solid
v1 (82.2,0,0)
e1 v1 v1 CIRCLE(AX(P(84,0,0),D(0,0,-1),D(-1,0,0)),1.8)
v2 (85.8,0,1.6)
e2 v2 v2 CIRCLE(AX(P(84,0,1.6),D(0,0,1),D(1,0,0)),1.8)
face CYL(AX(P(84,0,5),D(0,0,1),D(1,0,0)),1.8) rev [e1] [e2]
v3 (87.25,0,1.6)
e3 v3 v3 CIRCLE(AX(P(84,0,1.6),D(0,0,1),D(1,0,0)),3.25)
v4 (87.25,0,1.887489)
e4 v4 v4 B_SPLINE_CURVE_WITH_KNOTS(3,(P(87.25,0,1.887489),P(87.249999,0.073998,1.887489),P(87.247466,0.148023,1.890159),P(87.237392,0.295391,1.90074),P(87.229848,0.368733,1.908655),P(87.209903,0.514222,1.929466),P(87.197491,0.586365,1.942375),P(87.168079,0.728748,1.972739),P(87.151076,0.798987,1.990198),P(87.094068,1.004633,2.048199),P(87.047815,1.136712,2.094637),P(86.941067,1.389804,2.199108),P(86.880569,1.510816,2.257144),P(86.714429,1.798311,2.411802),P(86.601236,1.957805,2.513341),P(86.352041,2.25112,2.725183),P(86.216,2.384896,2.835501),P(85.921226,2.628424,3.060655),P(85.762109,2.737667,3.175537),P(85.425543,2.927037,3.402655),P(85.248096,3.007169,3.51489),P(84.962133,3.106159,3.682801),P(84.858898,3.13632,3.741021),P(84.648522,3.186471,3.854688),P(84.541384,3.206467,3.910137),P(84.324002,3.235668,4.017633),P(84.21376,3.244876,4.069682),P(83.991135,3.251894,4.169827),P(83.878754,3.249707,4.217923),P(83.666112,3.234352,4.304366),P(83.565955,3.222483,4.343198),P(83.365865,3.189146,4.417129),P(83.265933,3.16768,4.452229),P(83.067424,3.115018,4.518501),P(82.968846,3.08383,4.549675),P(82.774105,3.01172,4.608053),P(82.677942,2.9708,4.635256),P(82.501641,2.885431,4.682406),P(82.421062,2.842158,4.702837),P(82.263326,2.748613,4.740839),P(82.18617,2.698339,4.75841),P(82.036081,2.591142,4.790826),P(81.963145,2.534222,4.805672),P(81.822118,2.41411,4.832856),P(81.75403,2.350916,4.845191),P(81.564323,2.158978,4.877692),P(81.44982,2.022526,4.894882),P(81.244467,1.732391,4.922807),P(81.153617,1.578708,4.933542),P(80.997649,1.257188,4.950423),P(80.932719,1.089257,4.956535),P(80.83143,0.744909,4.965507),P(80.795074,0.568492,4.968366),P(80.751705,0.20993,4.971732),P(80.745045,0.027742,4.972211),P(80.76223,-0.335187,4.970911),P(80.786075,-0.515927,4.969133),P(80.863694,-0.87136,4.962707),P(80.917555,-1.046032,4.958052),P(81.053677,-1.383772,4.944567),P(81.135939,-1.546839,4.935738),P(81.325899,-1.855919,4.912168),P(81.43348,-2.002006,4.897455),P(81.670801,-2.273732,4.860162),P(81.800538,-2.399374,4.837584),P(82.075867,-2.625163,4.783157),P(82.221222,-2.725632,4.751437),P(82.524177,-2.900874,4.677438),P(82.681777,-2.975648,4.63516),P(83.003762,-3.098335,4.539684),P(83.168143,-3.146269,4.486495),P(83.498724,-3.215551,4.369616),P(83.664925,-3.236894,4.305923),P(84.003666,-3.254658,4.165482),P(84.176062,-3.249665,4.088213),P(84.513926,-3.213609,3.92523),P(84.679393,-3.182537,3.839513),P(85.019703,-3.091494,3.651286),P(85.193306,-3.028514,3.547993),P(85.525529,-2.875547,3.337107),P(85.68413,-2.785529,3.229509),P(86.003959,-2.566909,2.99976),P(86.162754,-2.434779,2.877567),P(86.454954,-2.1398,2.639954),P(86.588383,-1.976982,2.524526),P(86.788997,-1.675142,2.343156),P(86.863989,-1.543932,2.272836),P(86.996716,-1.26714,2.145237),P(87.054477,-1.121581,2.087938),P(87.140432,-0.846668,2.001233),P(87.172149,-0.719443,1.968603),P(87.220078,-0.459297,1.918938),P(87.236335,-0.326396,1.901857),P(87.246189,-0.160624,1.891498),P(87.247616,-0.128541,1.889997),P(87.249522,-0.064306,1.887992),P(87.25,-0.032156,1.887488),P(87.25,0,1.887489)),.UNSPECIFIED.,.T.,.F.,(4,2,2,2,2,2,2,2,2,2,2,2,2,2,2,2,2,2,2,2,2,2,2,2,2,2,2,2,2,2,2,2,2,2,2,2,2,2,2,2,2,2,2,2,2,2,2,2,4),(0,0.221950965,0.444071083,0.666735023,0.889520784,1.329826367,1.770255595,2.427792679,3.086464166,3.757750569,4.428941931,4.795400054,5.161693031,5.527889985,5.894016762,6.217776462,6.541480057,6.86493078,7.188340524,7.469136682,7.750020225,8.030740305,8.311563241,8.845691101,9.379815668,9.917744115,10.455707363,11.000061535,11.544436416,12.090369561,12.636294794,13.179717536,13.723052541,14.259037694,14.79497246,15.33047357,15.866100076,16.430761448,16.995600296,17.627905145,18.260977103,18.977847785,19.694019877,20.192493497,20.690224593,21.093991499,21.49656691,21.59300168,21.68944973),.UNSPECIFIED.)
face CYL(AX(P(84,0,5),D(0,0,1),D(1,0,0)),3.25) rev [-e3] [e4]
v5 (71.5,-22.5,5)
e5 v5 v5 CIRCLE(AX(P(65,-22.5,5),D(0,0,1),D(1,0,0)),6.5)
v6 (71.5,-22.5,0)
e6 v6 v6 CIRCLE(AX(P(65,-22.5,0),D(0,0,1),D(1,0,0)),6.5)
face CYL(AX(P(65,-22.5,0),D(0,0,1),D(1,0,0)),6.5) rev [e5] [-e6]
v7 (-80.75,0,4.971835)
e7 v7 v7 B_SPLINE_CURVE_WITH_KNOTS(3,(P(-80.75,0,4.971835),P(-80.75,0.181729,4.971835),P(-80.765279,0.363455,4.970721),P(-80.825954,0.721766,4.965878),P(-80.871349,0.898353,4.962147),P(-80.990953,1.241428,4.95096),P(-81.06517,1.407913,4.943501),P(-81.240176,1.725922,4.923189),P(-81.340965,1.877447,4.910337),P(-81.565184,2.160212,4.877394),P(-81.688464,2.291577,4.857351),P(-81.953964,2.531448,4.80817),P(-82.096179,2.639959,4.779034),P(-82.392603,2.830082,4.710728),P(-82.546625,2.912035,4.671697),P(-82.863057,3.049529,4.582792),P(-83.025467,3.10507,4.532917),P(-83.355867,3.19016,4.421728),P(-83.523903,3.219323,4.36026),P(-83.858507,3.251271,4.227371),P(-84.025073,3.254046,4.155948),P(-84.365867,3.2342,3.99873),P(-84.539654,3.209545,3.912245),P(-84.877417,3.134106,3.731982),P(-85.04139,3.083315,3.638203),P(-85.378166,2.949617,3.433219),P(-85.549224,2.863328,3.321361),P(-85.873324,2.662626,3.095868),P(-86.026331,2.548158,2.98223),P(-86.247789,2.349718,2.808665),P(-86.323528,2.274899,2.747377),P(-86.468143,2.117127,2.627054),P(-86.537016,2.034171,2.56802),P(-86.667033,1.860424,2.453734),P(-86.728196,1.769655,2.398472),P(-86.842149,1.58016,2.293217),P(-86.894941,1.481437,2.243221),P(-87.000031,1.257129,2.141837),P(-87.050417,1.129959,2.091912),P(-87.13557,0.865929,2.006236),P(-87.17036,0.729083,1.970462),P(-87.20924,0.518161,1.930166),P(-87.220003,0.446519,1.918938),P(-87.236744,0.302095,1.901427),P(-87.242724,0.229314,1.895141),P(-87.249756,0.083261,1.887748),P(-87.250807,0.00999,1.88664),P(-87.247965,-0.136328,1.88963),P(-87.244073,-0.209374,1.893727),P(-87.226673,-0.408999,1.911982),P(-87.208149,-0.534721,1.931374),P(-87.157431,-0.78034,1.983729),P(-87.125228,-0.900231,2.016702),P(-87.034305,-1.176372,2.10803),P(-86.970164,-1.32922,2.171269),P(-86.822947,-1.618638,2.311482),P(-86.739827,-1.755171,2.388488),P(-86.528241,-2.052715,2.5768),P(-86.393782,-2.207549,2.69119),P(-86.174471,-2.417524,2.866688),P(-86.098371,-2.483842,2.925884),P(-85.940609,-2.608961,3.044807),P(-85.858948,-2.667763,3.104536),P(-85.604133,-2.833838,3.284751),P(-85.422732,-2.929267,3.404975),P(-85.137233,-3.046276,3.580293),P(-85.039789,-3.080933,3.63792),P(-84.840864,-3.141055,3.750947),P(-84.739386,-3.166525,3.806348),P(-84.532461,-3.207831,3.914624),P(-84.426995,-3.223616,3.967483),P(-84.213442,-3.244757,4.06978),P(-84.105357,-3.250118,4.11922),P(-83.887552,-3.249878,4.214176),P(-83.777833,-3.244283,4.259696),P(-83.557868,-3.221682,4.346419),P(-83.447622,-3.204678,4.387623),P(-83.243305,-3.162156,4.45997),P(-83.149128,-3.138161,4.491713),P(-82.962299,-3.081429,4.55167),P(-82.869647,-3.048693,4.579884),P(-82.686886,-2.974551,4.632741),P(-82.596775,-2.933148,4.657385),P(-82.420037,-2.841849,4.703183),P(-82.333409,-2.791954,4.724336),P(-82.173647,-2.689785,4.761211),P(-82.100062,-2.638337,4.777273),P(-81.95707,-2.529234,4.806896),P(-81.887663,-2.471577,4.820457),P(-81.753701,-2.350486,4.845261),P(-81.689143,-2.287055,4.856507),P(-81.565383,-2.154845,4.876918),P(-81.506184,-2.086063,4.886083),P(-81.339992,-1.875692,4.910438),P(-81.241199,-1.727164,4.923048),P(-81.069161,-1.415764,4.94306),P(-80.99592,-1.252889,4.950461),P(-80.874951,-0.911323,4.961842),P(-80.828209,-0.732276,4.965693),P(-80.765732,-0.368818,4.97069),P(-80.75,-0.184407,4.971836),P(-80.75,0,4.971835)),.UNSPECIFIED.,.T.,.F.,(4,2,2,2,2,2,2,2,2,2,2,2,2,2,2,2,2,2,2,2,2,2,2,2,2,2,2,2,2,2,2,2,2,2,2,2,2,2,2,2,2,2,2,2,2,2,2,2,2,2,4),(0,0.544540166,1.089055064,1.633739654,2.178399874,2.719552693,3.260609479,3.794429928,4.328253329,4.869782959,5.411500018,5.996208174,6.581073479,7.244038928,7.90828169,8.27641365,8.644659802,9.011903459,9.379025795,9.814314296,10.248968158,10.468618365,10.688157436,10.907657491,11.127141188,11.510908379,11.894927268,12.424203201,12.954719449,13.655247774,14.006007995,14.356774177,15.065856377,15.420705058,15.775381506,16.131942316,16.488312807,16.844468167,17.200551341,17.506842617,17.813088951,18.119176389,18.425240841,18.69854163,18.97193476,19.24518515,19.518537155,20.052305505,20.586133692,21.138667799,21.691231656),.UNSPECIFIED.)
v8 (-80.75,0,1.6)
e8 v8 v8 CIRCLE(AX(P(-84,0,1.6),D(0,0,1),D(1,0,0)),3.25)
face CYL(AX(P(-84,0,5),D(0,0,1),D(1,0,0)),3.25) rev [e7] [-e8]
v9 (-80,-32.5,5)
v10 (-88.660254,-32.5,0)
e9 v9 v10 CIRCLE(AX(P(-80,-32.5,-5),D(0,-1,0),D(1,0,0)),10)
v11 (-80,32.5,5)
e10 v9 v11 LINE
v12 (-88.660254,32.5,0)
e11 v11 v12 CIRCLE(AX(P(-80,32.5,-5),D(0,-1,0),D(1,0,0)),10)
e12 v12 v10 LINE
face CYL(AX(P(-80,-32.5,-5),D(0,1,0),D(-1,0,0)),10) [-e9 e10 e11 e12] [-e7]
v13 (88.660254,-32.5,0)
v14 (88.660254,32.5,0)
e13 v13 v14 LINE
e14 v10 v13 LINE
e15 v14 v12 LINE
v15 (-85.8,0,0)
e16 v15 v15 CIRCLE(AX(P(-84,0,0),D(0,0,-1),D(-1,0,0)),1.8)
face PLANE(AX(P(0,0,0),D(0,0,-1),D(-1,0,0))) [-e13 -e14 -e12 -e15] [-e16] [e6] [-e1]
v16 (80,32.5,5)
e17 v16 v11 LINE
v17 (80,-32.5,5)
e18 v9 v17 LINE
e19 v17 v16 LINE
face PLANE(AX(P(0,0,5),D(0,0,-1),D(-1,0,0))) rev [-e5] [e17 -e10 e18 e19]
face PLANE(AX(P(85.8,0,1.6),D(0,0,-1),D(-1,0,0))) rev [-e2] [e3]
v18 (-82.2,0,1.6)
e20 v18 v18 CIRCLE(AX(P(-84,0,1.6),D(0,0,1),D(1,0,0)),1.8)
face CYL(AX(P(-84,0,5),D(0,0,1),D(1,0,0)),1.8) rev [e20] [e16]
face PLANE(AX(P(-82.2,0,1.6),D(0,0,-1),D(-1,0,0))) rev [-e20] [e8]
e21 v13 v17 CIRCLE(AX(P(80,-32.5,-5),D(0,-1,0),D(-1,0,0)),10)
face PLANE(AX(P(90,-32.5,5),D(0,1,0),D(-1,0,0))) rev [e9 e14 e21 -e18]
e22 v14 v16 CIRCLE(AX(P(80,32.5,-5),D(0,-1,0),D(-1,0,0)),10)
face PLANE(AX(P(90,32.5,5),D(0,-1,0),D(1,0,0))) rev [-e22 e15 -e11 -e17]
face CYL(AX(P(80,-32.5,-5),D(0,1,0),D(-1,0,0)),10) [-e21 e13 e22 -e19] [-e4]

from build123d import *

# Parameters (mm, degrees)
SKIZZE1_W                                            = 180
SKIZZE1_H                                            = 65
AUFSATZ_LINEAR_AUSTRAGEN1_DEPTH                      = 5
STIRNSENKUNG_F_R_M3_ZYLINDERSCHRAUBE_MIT_D           = 3.6
STIRNSENKUNG_F_R_M3_ZYLINDERSCHRAUBE_MIT_DEPTH       = 9.1
STIRNSENKUNG_F_R_M3_ZYLINDERSCHRAUBE_MIT_CBORE_D     = 6.5
STIRNSENKUNG_F_R_M3_ZYLINDERSCHRAUBE_MIT_CBORE_DEPTH = 3.4
STIRNSENKUNG_F_R_M3_ZYLINDERSCHRAUBE_MIT_TIP         = 1.081549114
SCHNITT_LINEAR_AUSTRAGEN1_DEPTH                      = 66
SKIZZE7_R                                            = 6.5
SCHNITT_LINEAR_AUSTRAGEN2_DEPTH                      = 6.0000001


with BuildPart() as part:
    # Skizze1 → Aufsatz-Linear austragen1 (new body)
    with BuildSketch(Plane.XY):
        Rectangle(SKIZZE1_W, SKIZZE1_H)
    extrude(amount=AUFSATZ_LINEAR_AUSTRAGEN1_DEPTH)

    # Stirnsenkung für M3 Zylinderschraube mit Innensechskant1
    with Locations(Plane.XY.offset(5)):
        with Locations((-84, 0), (84, 0)):
            CounterBoreHole(STIRNSENKUNG_F_R_M3_ZYLINDERSCHRAUBE_MIT_D / 2, STIRNSENKUNG_F_R_M3_ZYLINDERSCHRAUBE_MIT_CBORE_D / 2, STIRNSENKUNG_F_R_M3_ZYLINDERSCHRAUBE_MIT_CBORE_DEPTH, depth=STIRNSENKUNG_F_R_M3_ZYLINDERSCHRAUBE_MIT_DEPTH)
            with Locations((0, 0, -(STIRNSENKUNG_F_R_M3_ZYLINDERSCHRAUBE_MIT_DEPTH + STIRNSENKUNG_F_R_M3_ZYLINDERSCHRAUBE_MIT_TIP / 2))):  # 118° drill point
                Cone(0, STIRNSENKUNG_F_R_M3_ZYLINDERSCHRAUBE_MIT_D / 2, STIRNSENKUNG_F_R_M3_ZYLINDERSCHRAUBE_MIT_TIP, mode=Mode.SUBTRACT)

    # Skizze6 → Schnitt-Linear austragen1 (cut, through all)
    with BuildSketch(Plane(origin=(0, 32.5, 0), x_dir=(1, 0, 0), z_dir=(0, 1, 0))):
        with BuildLine():
            Line((-90, -5), (-90, 5))
            ThreePointArc((-90, 5), (-87.071067812, -2.071067812), (-80, -5))
            Line((-80, -5), (-90, -5))
        make_face()
        with BuildLine():
            Line((80, -5), (90, -5))
            Line((90, -5), (90, 5))
            ThreePointArc((90, 5), (87.071067812, -2.071067812), (80, -5))
        make_face()
    extrude(amount=-SCHNITT_LINEAR_AUSTRAGEN1_DEPTH, mode=Mode.SUBTRACT)

    # Skizze7 → Schnitt-Linear austragen2 (cut, through all)
    with BuildSketch(Plane.XY.offset(5)):
        with Locations((65, -22.5)):
            Circle(SKIZZE7_R)
    extrude(amount=-SCHNITT_LINEAR_AUSTRAGEN2_DEPTH, mode=Mode.SUBTRACT)


solid = part.part
